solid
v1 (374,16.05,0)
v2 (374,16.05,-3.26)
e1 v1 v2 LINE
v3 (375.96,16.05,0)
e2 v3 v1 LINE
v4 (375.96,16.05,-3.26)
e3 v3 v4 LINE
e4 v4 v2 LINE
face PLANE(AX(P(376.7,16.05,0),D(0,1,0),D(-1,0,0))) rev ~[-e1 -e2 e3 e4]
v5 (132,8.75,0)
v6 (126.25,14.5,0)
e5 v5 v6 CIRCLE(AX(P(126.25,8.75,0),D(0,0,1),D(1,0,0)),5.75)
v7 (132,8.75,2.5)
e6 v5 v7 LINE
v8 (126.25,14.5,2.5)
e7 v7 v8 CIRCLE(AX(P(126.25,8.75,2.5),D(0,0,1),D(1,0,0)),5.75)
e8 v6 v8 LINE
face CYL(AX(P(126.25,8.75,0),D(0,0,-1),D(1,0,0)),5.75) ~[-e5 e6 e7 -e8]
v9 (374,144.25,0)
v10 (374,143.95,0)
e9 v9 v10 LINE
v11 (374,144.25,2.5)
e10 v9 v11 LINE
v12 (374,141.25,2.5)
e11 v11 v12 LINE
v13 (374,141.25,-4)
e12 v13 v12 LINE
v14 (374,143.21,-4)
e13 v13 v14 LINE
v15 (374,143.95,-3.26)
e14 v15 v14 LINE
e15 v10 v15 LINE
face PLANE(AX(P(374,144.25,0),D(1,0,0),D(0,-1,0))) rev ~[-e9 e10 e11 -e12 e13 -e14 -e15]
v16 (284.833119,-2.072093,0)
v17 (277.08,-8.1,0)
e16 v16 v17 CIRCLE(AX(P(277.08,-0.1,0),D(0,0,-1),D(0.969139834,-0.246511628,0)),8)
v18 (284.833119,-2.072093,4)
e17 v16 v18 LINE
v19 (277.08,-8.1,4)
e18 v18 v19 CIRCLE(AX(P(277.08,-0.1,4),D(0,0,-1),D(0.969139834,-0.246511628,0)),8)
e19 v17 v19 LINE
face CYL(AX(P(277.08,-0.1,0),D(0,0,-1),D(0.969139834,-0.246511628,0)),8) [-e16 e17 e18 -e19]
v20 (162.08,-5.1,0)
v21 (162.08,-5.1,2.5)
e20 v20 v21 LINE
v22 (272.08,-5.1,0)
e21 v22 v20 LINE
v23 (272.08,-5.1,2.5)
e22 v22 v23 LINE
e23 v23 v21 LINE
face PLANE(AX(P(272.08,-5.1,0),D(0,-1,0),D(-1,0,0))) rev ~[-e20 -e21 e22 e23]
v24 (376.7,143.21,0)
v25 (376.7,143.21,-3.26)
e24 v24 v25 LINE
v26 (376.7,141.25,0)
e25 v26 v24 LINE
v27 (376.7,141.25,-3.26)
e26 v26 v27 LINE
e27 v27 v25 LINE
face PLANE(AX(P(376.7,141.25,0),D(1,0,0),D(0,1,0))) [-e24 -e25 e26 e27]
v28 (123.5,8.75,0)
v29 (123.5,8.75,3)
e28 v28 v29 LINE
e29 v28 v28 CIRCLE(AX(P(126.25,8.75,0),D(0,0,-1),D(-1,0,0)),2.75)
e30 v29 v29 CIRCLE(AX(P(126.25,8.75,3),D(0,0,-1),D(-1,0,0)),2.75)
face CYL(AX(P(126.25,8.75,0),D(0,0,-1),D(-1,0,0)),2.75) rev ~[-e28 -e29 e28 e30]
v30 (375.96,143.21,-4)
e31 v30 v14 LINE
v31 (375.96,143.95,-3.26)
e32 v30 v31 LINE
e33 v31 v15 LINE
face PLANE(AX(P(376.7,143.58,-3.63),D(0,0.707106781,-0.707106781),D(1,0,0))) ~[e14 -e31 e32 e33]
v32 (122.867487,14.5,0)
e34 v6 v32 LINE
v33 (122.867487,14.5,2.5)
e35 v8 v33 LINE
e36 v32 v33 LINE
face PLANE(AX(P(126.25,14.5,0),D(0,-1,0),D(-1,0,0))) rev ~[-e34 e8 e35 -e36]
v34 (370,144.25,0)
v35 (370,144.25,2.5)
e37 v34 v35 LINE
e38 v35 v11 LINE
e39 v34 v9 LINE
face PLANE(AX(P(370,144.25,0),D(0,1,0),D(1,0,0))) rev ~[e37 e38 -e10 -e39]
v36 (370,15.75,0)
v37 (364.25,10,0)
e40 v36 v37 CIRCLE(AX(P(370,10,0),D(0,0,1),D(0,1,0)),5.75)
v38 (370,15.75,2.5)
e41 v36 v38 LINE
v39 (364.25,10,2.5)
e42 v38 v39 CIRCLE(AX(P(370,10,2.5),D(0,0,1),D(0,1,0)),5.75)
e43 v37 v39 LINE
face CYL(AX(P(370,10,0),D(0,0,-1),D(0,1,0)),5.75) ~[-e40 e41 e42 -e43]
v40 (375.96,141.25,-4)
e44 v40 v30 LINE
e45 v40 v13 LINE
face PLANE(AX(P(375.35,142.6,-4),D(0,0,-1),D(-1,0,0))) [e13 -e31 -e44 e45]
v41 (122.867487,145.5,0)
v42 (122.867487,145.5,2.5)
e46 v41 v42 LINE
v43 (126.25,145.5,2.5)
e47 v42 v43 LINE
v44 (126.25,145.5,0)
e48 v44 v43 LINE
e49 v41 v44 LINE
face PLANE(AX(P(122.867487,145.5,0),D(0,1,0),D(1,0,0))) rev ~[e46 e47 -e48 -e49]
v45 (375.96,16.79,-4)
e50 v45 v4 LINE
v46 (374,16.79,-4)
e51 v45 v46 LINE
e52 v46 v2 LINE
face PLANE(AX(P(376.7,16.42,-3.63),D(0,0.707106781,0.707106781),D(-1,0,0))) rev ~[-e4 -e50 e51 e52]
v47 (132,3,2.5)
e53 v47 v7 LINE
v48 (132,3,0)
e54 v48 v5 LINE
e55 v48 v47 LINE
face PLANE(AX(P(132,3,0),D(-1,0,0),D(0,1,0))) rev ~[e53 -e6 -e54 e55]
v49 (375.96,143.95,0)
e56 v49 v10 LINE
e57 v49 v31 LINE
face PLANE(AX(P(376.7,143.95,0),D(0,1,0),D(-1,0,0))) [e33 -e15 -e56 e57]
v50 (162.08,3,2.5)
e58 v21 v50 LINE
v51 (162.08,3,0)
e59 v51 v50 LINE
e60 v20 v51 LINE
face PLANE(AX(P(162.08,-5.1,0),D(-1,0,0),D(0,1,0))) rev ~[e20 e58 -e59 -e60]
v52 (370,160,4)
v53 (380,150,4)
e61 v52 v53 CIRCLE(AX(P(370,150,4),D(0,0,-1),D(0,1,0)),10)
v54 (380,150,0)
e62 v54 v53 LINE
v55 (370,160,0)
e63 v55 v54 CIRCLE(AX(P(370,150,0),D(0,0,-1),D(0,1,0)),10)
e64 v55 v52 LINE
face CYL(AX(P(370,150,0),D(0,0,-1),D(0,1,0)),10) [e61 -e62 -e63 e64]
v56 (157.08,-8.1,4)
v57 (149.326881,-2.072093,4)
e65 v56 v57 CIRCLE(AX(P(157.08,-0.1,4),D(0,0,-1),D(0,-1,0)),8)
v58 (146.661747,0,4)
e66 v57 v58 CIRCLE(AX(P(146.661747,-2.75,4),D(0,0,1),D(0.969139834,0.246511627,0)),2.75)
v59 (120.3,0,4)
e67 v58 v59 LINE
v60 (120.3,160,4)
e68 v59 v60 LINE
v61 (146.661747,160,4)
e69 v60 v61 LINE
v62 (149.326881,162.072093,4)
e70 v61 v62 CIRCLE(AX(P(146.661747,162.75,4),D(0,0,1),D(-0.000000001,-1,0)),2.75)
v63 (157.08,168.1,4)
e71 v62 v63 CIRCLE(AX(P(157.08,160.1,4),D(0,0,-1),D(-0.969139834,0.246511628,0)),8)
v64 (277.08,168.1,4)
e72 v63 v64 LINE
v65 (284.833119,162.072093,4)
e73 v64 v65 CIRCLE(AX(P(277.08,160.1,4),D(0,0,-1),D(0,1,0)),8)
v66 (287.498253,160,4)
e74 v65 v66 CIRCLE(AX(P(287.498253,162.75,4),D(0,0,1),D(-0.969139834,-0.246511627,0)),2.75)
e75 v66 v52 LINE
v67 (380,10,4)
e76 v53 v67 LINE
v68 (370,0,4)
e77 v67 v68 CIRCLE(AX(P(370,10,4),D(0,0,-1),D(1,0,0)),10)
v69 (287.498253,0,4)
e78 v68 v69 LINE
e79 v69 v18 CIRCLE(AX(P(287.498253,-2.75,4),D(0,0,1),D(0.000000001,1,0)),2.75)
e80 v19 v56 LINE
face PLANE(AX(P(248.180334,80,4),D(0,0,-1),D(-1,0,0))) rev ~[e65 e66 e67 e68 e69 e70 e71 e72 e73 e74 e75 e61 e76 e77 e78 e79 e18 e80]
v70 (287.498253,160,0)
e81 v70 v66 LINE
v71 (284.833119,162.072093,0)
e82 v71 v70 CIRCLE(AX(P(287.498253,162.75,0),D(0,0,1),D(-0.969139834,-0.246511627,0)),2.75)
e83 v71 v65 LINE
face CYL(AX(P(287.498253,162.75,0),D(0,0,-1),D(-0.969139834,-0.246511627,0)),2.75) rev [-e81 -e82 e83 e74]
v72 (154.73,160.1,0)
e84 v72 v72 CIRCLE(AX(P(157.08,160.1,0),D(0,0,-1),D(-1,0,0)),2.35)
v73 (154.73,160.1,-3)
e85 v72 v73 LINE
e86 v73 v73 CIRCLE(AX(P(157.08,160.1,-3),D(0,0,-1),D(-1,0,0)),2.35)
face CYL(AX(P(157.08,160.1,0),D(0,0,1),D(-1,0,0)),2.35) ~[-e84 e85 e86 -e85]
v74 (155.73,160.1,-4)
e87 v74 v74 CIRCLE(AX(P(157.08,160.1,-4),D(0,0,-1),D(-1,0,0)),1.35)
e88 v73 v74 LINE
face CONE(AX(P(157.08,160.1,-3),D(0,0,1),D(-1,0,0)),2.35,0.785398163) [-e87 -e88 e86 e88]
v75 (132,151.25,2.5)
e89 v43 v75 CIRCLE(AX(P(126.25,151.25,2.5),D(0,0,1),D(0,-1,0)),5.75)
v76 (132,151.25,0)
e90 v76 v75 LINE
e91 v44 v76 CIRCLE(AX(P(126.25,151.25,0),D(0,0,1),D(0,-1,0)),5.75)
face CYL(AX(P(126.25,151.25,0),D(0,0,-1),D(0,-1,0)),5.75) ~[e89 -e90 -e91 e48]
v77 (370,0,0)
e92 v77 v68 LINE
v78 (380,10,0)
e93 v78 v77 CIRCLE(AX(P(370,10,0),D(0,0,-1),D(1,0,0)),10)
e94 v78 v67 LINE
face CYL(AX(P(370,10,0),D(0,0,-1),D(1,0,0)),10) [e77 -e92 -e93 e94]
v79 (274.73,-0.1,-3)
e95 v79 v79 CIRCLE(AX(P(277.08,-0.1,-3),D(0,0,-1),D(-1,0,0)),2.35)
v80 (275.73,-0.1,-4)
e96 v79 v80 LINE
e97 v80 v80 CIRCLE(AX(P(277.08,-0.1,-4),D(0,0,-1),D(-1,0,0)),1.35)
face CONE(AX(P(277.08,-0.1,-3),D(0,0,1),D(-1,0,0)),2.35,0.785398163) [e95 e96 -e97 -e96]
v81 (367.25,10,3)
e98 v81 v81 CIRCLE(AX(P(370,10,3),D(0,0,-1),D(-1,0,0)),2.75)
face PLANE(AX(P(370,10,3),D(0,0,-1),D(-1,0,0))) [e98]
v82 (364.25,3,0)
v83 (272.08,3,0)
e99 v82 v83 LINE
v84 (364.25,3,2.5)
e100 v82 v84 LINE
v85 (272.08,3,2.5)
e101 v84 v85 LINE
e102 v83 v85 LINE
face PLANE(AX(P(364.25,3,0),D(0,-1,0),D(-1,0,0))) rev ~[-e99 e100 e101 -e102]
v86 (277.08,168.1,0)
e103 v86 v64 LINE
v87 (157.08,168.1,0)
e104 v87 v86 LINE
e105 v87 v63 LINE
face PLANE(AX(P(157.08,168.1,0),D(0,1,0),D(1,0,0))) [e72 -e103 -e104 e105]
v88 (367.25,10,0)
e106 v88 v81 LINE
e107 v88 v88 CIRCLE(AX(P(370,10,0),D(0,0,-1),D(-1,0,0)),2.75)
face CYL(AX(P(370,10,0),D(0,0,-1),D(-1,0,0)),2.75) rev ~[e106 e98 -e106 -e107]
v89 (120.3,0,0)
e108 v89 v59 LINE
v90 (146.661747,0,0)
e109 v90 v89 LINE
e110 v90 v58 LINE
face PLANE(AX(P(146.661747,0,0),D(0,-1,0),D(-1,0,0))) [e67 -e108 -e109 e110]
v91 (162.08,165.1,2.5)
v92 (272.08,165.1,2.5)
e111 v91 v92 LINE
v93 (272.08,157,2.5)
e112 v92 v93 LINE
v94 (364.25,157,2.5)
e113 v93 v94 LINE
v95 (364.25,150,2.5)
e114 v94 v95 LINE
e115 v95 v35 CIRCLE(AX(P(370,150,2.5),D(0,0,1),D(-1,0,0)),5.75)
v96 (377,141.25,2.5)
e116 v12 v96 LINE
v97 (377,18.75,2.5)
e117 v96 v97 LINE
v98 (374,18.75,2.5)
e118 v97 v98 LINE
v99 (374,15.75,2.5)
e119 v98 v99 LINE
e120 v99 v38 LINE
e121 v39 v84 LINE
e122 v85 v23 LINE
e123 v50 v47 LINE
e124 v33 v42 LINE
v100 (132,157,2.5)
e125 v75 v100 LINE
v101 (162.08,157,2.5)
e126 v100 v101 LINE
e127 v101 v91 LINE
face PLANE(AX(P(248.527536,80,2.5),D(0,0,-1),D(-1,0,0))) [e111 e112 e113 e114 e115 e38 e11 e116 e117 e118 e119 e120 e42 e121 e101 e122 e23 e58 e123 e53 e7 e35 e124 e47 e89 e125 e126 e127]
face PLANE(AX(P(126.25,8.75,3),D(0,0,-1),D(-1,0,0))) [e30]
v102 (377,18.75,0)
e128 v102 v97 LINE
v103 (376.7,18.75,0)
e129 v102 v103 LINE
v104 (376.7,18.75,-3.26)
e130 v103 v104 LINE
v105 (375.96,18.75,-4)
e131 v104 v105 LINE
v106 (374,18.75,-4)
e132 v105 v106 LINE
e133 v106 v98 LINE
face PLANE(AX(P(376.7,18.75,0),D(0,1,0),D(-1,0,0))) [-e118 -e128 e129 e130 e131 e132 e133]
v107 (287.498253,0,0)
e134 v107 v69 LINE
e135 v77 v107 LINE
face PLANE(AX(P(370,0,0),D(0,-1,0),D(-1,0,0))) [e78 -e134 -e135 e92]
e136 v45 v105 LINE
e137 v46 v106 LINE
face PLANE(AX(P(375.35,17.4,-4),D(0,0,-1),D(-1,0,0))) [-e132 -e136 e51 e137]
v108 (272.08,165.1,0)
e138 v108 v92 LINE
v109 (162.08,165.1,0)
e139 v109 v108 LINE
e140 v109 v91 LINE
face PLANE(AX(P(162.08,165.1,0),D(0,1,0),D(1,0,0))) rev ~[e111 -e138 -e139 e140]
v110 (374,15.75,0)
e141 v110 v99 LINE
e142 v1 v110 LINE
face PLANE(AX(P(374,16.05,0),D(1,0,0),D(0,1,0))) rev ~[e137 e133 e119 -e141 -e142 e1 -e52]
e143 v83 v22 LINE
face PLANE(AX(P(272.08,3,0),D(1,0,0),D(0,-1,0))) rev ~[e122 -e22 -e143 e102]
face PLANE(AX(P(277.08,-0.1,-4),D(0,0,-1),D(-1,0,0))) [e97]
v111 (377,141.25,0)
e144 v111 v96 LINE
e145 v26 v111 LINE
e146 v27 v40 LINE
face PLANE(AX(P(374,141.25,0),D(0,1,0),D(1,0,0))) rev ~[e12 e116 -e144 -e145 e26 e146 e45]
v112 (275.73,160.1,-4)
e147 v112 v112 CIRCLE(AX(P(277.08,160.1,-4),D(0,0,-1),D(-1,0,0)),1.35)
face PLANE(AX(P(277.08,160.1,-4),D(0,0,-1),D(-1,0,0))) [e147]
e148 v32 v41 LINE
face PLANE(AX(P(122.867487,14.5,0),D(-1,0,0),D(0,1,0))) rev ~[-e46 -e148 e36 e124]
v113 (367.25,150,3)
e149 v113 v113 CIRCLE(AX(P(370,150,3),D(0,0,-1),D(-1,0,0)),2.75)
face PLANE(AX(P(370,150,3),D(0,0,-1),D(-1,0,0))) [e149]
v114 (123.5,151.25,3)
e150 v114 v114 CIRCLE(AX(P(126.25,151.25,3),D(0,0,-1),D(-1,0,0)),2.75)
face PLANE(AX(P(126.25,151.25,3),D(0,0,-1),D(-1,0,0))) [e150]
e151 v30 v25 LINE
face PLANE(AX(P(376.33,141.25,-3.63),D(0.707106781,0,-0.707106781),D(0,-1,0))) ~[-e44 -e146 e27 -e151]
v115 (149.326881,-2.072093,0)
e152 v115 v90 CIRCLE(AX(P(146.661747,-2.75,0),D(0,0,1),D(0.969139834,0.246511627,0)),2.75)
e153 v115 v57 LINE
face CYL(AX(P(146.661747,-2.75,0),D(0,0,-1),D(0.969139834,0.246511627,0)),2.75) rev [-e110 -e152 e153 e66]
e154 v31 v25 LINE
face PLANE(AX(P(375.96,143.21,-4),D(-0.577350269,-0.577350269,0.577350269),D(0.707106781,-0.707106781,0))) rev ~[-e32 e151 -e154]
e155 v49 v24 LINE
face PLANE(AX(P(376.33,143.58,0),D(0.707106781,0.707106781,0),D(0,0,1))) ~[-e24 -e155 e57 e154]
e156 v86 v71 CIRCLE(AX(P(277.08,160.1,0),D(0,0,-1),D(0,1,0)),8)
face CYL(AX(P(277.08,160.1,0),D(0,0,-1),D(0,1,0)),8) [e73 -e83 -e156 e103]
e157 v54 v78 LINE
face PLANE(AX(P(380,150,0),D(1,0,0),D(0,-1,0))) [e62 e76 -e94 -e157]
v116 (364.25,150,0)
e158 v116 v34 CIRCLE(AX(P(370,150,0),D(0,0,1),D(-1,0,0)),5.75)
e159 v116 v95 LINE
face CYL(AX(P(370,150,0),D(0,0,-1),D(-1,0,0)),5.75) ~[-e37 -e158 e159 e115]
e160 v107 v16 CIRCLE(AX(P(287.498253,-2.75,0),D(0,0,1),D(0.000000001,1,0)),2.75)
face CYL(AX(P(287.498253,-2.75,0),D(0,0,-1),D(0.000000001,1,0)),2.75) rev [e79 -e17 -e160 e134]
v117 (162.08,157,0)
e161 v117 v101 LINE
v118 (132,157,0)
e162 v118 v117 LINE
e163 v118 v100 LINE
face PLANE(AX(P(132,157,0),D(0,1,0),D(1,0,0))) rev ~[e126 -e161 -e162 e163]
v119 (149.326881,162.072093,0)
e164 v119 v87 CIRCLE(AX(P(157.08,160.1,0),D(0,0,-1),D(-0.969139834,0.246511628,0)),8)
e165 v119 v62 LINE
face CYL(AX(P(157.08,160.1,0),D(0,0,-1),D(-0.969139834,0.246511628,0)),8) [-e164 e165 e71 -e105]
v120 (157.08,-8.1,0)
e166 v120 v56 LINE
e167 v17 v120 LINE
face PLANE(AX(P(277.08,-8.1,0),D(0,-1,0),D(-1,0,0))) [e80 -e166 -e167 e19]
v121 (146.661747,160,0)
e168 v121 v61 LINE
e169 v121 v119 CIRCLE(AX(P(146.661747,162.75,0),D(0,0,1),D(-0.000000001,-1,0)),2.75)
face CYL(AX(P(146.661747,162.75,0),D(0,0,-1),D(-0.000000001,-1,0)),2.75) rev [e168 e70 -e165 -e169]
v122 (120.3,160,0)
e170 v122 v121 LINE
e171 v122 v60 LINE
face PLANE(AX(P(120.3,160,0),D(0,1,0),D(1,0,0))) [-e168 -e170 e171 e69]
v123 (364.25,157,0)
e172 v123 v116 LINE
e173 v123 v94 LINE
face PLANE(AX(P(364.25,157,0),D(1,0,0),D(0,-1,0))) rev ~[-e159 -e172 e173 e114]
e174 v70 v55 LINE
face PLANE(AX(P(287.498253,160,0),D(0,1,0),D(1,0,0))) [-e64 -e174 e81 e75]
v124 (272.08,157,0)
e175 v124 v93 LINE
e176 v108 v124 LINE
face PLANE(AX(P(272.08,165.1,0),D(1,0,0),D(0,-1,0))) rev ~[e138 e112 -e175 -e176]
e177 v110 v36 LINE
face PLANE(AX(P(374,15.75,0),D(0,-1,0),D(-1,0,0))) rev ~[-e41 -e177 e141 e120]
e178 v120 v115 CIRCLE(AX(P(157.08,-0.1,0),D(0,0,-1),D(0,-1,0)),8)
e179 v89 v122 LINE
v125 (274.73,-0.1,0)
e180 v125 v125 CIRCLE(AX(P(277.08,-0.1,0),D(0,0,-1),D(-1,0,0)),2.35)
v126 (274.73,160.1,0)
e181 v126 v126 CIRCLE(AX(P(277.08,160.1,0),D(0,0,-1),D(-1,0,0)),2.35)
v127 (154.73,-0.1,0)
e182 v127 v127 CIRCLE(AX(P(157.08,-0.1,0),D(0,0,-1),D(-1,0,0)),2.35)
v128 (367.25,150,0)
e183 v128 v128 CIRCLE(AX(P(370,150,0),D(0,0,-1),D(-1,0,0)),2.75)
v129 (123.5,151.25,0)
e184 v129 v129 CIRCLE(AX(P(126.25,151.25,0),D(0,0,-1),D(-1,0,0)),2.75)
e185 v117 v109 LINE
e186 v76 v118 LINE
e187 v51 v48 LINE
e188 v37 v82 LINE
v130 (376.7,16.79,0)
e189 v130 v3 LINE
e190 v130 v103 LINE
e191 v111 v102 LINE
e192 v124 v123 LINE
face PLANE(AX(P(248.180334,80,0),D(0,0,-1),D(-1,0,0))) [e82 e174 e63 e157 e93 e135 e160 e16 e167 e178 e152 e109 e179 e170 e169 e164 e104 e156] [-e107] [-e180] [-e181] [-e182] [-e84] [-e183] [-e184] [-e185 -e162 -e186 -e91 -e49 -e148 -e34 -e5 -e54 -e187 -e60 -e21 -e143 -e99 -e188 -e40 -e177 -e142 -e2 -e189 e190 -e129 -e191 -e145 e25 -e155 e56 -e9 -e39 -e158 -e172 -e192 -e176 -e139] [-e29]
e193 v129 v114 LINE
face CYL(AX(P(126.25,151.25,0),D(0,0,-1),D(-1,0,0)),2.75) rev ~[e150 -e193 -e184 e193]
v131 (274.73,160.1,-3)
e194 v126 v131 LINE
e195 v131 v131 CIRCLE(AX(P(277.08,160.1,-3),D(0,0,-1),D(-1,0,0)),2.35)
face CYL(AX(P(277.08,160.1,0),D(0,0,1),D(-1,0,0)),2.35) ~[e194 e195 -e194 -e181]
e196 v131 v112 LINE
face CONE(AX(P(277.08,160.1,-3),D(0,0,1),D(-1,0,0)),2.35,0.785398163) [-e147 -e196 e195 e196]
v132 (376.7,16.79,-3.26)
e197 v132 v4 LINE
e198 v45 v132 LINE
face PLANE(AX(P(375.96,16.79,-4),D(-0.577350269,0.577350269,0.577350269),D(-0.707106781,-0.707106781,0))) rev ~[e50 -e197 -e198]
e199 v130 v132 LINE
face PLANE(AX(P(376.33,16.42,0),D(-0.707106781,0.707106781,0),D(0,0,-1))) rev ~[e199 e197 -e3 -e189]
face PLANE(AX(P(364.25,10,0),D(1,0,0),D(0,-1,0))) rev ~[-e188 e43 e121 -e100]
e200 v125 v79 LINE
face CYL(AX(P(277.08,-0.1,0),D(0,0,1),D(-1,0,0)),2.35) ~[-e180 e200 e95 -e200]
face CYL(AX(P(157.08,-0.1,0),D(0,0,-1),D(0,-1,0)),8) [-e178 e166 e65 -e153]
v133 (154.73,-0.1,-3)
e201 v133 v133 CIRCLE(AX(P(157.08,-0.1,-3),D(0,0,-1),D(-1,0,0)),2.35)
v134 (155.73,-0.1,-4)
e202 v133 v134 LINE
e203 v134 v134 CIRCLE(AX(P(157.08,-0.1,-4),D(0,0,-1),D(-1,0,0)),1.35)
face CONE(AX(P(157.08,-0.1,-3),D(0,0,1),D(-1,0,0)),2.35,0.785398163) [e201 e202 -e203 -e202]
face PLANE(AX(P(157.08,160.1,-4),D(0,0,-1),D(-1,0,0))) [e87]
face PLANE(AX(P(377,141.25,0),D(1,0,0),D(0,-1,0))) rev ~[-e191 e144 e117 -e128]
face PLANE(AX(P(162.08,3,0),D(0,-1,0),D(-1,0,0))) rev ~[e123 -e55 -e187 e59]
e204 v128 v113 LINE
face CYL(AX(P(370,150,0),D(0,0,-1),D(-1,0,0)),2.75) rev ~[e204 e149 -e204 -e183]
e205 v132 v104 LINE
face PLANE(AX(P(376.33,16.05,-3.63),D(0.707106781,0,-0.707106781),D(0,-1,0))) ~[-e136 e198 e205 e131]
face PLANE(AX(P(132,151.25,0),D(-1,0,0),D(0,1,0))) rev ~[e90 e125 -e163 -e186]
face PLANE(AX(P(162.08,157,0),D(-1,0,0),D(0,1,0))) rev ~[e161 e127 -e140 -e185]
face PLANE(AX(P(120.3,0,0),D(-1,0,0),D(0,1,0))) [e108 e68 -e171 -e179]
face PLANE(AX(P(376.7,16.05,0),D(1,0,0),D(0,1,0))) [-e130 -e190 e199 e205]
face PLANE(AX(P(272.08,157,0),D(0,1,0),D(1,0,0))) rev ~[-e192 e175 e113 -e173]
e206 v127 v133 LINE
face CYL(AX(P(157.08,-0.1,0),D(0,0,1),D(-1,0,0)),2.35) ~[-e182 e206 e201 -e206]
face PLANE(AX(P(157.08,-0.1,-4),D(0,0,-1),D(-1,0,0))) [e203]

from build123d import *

# Parameters (mm, degrees)
BOSS_EXTRUDE1_DEPTH = 4
SKETCH2_R           = 2.75
CUT_EXTRUDE1_DEPTH  = 3
SKETCH3_R           = 2.35
BOSS_EXTRUDE2_DEPTH = 4
CHAMFER1_SIZE       = 1
CUT_EXTRUDE2_DEPTH  = 2.5
SKETCH6_W           = 2.7
SKETCH6_H           = 2.7
BOSS_EXTRUDE3_DEPTH = 4
CHAMFER2_SIZE       = 0.74


with BuildPart() as part:
    # Sketch1 → Boss-Extrude1 (new body)
    with BuildSketch(Plane.XY):
        with BuildLine():
            Line((120.3, 160), (146.661746787, 160))
            ThreePointArc((146.661746787, 160), (148.349682778, 160.578969808), (149.32688133, 162.072093023))
            ThreePointArc((149.32688133, 162.072093023), (152.169640756, 166.415724194), (157.08, 168.1))
            Line((157.08, 168.1), (277.08, 168.1))
            ThreePointArc((277.08, 168.1), (281.990359244, 166.415724194), (284.83311867, 162.072093023))
            ThreePointArc((284.83311867, 162.072093023), (285.810317222, 160.578969808), (287.498253213, 160))
            Line((287.498253213, 160), (370, 160))
            ThreePointArc((370, 160), (377.071067812, 157.071067812), (380, 150))
            Line((380, 150), (380, 10))
            ThreePointArc((380, 10), (377.071067812, 2.928932188), (370, 0))
            Line((370, 0), (287.498253213, 0))
            ThreePointArc((287.498253213, 0), (285.810317222, -0.578969808), (284.83311867, -2.072093023))
            ThreePointArc((284.83311867, -2.072093023), (281.990359244, -6.415724194), (277.08, -8.1))
            Line((277.08, -8.1), (157.08, -8.1))
            ThreePointArc((157.08, -8.1), (152.169640756, -6.415724194), (149.32688133, -2.072093023))
            ThreePointArc((149.32688133, -2.072093023), (148.349682778, -0.578969808), (146.661746787, 0))
            Line((146.661746787, 0), (120.3, 0))
            Line((120.3, 0), (120.3, 160))
        make_face()
    extrude(amount=BOSS_EXTRUDE1_DEPTH)

    # Sketch2 → Cut-Extrude1 (cut)
    with BuildSketch(Plane(origin=(0, 0, 0), x_dir=(-1, 0, 0), z_dir=(0, 0, -1))):
        with Locations((-126.25, 8.75)):
            Circle(SKETCH2_R)
        with Locations((-126.25, 151.25)):
            Circle(SKETCH2_R)
        with Locations((-370, 10)):
            Circle(SKETCH2_R)
        with Locations((-370, 150)):
            Circle(SKETCH2_R)
    extrude(amount=-CUT_EXTRUDE1_DEPTH, mode=Mode.SUBTRACT)

    # Sketch3 → Boss-Extrude2 (add)
    with BuildSketch(Plane(origin=(0, 0, 0), x_dir=(-1, 0, 0), z_dir=(0, 0, -1))):
        with Locations((-157.08, -0.1)):
            Circle(SKETCH3_R)
        with Locations((-157.08, 160.1)):
            Circle(SKETCH3_R)
        with Locations((-277.08, 160.1)):
            Circle(SKETCH3_R)
        with Locations((-277.08, -0.1)):
            Circle(SKETCH3_R)
    extrude(amount=BOSS_EXTRUDE2_DEPTH)

    # Chamfer1
    chamfer1_edges = [part.edges().sort_by_distance(p)[0] for p in [
        (159.43, -0.1, -4),
        (159.43, 160.1, -4),
        (279.43, 160.1, -4),
        (279.43, -0.1, -4),
    ]]
    chamfer(chamfer1_edges, length=CHAMFER1_SIZE)

    # Sketch4 → Cut-Extrude2 (cut)
    with BuildSketch(Plane(origin=(0, 0, 0), x_dir=(-1, 0, 0), z_dir=(0, 0, -1))):
        with BuildLine():
            ThreePointArc((-370, 15.75), (-365.934136008, 14.065863992), (-364.25, 10))
            Line((-364.25, 10), (-364.25, 3))
            Line((-364.25, 3), (-272.08, 3))
            Line((-272.08, 3), (-272.08, -5.1))
            Line((-272.08, -5.1), (-162.08, -5.1))
            Line((-162.08, -5.1), (-162.08, 3))
            Line((-162.08, 3), (-132, 3))
            Line((-132, 3), (-132, 8.75))
            ThreePointArc((-132, 8.75), (-130.315863992, 12.815863992), (-126.25, 14.5))
            Line((-126.25, 14.5), (-122.867487478, 14.5))
            Line((-122.867487478, 14.5), (-122.867487478, 145.5))
            Line((-122.867487478, 145.5), (-126.25, 145.5))
            ThreePointArc((-126.25, 145.5), (-130.315863992, 147.184136008), (-132, 151.25))
            Line((-132, 151.25), (-132, 157))
            Line((-132, 157), (-162.08, 157))
            Line((-162.08, 157), (-162.08, 165.1))
            Line((-162.08, 165.1), (-272.08, 165.1))
            Line((-272.08, 165.1), (-272.08, 157))
            Line((-272.08, 157), (-364.25, 157))
            Line((-364.25, 157), (-364.25, 150))
            ThreePointArc((-364.25, 150), (-365.934136008, 145.934136008), (-370, 144.25))
            Line((-370, 144.25), (-374, 144.25))
            Line((-374, 144.25), (-374, 141.25))
            Line((-374, 141.25), (-377, 141.25))
            Line((-377, 141.25), (-377, 18.75))
            Line((-377, 18.75), (-374, 18.75))
            Line((-374, 18.75), (-374, 15.75))
            Line((-374, 15.75), (-370, 15.75))
        make_face()
    extrude(amount=-CUT_EXTRUDE2_DEPTH, mode=Mode.SUBTRACT)

    # Sketch6 → Boss-Extrude3 (add)
    with BuildSketch(Plane(origin=(0, 0, 0), x_dir=(-1, 0, 0), z_dir=(0, 0, -1))):
        with Locations((-375.35, 17.4)):
            Rectangle(SKETCH6_W, SKETCH6_H)
        with Locations((-375.35, 142.6)):
            Rectangle(SKETCH6_W, SKETCH6_H)
    extrude(amount=BOSS_EXTRUDE3_DEPTH)

    # Chamfer2
    chamfer2_edges = [part.edges().sort_by_distance(p)[0] for p in [
        (376.7, 16.05, -2),
        (376.7, 17.4, -4),
        (375.35, 16.05, -4),
        (376.7, 143.95, -2),
        (375.35, 143.95, -4),
        (376.7, 142.6, -4),
    ]]
    chamfer(chamfer2_edges, length=CHAMFER2_SIZE)


solid = part.part
